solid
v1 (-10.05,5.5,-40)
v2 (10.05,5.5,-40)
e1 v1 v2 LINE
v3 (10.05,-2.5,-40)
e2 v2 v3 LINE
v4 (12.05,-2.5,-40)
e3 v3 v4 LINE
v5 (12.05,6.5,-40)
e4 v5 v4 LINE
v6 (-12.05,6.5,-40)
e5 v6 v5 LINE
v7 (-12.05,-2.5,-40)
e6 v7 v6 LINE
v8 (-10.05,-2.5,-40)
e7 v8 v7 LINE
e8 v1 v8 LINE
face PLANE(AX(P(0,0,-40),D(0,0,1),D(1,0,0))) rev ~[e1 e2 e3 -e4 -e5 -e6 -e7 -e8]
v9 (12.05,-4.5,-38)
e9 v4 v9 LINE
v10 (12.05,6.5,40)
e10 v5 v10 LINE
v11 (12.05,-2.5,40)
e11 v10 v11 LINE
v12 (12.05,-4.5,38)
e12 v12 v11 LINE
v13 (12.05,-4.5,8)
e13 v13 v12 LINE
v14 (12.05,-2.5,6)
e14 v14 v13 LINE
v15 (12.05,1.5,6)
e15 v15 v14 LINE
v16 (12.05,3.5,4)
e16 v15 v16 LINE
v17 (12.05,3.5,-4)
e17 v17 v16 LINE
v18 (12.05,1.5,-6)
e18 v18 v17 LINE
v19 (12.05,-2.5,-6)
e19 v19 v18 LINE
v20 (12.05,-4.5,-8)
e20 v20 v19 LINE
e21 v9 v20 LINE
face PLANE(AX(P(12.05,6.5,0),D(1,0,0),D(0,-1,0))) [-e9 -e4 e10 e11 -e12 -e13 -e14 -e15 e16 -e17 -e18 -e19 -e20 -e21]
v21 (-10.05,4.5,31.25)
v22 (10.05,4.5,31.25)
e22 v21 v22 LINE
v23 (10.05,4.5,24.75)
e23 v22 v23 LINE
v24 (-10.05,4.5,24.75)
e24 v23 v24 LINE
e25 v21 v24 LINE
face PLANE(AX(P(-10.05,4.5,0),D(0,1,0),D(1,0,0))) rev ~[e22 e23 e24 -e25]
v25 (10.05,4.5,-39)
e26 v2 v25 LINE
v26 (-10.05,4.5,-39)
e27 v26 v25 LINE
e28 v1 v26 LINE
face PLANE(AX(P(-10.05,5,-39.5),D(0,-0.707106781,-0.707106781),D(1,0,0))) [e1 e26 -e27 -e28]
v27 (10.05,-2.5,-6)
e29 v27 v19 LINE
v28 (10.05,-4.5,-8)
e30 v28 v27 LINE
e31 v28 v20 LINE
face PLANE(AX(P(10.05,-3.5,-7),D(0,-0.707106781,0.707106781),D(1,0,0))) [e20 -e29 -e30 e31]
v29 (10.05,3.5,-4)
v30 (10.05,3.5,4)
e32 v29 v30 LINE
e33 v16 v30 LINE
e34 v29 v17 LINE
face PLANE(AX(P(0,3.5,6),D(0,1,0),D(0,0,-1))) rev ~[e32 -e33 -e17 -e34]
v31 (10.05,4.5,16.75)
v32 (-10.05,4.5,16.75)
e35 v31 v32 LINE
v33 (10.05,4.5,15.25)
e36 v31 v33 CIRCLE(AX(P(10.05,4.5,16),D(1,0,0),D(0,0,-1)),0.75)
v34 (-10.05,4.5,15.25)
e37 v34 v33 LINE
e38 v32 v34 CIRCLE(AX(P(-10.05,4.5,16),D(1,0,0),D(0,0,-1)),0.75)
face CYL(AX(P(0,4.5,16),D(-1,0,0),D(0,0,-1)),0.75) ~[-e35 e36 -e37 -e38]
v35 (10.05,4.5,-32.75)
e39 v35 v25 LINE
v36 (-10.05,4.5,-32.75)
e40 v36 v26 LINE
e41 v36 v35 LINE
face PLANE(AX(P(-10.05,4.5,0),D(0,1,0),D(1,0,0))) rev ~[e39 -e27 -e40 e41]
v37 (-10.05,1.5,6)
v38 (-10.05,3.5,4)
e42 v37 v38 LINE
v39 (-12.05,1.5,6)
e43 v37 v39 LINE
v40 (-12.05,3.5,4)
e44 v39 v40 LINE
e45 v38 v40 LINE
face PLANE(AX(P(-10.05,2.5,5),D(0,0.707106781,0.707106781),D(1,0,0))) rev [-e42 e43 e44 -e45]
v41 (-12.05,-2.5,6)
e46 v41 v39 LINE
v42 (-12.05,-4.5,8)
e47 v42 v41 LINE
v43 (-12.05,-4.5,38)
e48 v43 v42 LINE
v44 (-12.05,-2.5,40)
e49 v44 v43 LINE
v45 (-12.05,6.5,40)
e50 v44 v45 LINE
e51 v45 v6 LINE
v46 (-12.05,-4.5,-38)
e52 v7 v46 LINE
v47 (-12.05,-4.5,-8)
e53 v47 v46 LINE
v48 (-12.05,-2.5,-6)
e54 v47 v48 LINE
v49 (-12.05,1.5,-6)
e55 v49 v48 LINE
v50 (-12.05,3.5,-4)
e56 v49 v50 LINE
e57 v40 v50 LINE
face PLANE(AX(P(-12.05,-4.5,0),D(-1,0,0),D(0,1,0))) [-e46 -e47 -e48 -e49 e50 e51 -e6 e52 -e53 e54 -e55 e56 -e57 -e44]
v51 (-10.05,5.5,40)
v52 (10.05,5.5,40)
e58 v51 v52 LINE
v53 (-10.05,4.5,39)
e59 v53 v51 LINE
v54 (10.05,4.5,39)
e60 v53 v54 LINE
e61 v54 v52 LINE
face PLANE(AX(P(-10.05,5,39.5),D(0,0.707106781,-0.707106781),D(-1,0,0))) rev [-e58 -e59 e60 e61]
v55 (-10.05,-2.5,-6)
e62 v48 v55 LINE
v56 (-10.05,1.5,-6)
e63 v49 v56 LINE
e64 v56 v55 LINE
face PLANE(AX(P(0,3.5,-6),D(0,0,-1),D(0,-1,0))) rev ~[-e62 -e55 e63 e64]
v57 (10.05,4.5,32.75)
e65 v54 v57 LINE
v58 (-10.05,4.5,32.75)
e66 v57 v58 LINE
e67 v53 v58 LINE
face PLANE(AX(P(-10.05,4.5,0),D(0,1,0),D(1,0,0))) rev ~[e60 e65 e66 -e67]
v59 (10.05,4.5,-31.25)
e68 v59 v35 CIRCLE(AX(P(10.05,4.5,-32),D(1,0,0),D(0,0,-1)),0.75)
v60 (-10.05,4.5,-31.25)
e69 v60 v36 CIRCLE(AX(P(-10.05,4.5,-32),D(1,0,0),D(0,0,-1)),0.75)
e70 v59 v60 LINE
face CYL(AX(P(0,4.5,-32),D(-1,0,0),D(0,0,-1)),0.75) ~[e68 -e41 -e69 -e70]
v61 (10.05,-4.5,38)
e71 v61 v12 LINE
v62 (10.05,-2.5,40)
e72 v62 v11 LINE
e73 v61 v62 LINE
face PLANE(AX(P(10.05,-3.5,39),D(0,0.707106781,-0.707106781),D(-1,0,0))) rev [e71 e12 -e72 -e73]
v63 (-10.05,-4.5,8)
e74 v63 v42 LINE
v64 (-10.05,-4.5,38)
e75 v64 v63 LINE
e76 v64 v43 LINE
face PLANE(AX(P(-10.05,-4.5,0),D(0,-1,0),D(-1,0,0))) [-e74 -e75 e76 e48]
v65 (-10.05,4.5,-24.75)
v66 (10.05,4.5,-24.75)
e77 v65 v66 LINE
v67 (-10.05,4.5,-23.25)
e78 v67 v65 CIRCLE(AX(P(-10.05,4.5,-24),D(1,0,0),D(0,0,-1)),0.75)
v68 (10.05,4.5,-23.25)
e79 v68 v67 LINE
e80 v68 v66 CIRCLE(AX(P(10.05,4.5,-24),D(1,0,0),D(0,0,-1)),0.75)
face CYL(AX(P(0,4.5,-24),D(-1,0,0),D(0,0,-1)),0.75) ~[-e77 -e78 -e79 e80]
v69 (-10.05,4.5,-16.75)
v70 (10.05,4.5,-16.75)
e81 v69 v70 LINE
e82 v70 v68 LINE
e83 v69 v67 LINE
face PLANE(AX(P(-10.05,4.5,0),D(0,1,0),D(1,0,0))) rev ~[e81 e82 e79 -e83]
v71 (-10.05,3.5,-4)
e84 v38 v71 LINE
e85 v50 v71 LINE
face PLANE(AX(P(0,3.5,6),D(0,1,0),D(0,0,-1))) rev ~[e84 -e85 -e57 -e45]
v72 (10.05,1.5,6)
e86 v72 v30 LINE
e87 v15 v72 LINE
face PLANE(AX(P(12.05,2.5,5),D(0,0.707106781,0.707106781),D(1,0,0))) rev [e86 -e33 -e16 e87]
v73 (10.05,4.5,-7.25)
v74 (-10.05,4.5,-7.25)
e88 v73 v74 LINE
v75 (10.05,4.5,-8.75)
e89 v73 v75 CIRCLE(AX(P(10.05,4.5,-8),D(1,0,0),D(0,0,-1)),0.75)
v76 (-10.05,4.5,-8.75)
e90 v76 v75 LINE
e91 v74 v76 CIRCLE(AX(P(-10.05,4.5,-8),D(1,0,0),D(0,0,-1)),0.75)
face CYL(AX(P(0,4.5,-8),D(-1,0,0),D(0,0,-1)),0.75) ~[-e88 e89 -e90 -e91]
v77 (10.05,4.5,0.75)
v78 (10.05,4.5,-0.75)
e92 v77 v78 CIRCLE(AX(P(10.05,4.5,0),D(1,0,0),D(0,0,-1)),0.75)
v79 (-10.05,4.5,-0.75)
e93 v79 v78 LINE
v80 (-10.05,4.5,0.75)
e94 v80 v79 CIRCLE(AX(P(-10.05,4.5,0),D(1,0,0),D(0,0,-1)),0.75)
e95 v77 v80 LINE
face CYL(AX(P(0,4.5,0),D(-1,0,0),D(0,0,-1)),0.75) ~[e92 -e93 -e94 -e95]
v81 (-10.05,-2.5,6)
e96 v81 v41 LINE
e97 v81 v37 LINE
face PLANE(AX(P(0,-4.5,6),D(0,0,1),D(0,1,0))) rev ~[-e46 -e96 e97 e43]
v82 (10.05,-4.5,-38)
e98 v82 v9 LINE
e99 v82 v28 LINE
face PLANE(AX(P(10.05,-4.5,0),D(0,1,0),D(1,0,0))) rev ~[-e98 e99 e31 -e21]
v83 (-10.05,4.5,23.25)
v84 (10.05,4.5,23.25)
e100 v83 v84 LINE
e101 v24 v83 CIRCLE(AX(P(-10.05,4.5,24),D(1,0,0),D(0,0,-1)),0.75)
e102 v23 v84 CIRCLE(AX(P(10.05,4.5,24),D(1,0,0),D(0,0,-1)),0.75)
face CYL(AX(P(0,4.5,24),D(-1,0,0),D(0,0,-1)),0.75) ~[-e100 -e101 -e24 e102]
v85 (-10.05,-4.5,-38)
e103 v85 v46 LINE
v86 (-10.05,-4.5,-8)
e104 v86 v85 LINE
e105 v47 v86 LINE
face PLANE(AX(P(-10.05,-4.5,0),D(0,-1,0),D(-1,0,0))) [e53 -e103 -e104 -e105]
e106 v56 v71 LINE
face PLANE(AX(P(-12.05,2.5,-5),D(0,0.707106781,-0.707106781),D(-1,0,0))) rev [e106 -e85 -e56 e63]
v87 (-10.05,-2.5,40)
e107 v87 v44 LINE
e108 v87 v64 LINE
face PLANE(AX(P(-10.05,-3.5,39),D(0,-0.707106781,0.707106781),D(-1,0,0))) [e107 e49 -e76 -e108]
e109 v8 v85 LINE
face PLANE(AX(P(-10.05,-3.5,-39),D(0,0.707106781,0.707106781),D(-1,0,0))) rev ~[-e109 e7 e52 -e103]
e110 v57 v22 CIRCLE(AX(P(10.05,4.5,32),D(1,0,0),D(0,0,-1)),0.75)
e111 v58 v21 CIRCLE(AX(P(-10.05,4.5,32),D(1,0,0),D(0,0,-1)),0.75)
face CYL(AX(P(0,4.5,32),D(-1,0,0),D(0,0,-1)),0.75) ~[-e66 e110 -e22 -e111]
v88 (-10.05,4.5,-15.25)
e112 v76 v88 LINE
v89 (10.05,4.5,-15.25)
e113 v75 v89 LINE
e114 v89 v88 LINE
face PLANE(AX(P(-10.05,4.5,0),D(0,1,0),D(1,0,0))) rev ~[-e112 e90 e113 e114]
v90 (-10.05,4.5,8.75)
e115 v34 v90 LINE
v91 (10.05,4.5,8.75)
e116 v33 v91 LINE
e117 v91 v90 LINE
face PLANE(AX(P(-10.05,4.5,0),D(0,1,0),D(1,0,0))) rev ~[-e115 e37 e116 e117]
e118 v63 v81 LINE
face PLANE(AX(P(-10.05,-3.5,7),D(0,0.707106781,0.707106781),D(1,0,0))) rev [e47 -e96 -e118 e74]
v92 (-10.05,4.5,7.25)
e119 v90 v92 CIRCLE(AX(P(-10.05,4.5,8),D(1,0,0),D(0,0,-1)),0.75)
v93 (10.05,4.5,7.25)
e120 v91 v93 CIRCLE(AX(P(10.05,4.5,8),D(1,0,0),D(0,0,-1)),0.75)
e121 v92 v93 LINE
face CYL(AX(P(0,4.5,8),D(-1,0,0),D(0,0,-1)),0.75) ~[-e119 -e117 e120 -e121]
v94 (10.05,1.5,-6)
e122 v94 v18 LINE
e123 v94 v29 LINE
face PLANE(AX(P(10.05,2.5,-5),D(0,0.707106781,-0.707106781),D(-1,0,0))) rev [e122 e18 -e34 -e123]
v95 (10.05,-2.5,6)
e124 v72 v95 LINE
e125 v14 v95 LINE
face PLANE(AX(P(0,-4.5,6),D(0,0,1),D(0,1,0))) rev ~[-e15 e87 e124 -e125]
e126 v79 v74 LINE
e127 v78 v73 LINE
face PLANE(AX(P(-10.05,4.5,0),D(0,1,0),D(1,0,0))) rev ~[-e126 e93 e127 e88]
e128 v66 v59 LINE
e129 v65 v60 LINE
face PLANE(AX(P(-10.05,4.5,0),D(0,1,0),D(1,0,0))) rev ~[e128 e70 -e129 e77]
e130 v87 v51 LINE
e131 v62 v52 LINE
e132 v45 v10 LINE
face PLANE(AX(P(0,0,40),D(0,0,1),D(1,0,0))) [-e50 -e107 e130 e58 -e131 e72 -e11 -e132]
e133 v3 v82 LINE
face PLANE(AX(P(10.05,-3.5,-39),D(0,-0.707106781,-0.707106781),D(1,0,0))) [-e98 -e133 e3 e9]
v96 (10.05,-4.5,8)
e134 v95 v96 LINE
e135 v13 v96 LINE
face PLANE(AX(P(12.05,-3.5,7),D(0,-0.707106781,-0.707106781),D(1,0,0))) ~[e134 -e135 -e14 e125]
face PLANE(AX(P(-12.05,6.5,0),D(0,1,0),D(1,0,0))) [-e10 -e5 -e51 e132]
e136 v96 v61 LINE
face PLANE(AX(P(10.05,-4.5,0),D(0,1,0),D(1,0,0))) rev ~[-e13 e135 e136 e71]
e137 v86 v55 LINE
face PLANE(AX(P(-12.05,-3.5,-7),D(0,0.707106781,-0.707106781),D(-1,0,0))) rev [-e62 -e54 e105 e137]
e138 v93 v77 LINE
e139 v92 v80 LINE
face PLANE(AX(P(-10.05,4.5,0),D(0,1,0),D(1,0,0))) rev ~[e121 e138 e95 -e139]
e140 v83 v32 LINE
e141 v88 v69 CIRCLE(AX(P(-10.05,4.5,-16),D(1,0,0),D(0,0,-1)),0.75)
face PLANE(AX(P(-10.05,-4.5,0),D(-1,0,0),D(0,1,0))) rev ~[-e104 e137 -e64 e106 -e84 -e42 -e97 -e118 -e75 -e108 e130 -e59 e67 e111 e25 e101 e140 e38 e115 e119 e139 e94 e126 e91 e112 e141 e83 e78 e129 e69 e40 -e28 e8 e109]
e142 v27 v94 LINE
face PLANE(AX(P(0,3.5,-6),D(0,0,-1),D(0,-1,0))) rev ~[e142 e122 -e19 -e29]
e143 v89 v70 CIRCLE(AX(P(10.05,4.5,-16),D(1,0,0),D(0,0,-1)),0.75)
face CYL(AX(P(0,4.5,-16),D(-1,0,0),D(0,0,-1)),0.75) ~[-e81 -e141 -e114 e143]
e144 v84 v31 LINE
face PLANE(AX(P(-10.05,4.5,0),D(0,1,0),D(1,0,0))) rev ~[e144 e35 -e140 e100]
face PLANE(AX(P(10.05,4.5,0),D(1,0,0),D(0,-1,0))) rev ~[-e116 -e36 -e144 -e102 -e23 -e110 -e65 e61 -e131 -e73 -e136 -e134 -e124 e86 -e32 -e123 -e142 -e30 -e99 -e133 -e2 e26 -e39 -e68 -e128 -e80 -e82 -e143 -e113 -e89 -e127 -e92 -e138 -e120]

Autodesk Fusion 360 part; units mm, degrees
sketch "Sketch1" plane through (0, 0, 0) normal (0, 0, 1) x (1, 0, 0)
  line L0 (10.05, -4.5) -> (-10.05, -4.5)
  line L1 (-10.05, -4.5) -> (-10.05, 4.5)
  line L2 (-10.05, 4.5) -> (10.05, 4.5)
  line L3 (10.05, 4.5) -> (10.05, -4.5)
  line L4 (10.05, -4.5) -> (-10.05, 4.5) construction
  line L5 (-10.05, -4.5) -> (10.05, 4.5) construction
  line L6 (12.05, -6.5) -> (-12.05, -6.5)
  line L7 (-12.05, -6.5) -> (-12.05, 6.5)
  line L8 (-12.05, 6.5) -> (12.05, 6.5)
  line L9 (12.05, 6.5) -> (12.05, -6.5)
  line L10 (-10.05, -4.5) -> (-12.05, -4.5)
  line L11 (10.05, -4.5) -> (12.05, -4.5)
  dimension "d1" = -2
  dimension "d2" = 20.1
  dimension "d3" = 9
extrude "Extrude1" add sketch "Sketch1" along normal mid plane 80 contours L1 L2 L3 L7 L8 L9 L10 L11
sketch "Sketch2" plane through (0, 0, 0) normal (1, 0, 0) x (0, 0, -1)
  line L0 (6, -4.5) -> (-6, -4.5)
  line L1 (-6, -4.5) -> (-6, 3.5)
  line L2 (-6, 3.5) -> (6, 3.5)
  line L3 (6, 3.5) -> (6, -4.5)
  line L4 (6, -4.5) -> (-6, 3.5) construction
  line L5 (-6, -4.5) -> (6, 3.5) construction
  line L6 (40, -4.5) -> (-40, -4.5)
  point P0 (0, -0.5)
  dimension "d6" = 12
  dimension "d7" = 8
extrude "Extrude2" cut sketch "Sketch2" along normal through all and the other way through all
chamfer "Chamfer1" distance 2 angle 45 8 edges at (11.05, -4.5, 6) (11.05, -4.5, -6) (-11.05, -4.5, 6) (-11.05, -4.5, -6) (11.05, -4.5, 40) (-11.05, -4.5, 40) (11.05, -4.5, -40) (-11.05, -4.5, -40)
chamfer "Chamfer2" distance 1 angle 45 2 edges at (0, 4.5, 40) (0, 4.5, -40)
chamfer "Chamfer3" distance 2 angle 45 4 edges at (-11.05, 3.5, 6) (-11.05, 3.5, -6) (11.05, 3.5, 6) (11.05, 3.5, -6)
sketch "Sketch3" plane through (0, 0, 0) normal (1, 0, 0) x (0, 0, -1)
  line L0 (39, 4.5) -> (-39, 4.5)
  line L1 (-39, 4.5) -> (39, 4.5)
  circle A0 centre (0, 4.5) radius 0.75
  circle A1 centre (-32, 4.5) radius 0.75
  circle A2 centre (-24, 4.5) radius 0.75
  circle A3 centre (-16, 4.5) radius 0.75
  circle A4 centre (-8, 4.5) radius 0.75
  circle A5 centre (8, 4.5) radius 0.75
  circle A6 centre (16, 4.5) radius 0.75
  circle A7 centre (24, 4.5) radius 0.75
  circle A8 centre (32, 4.5) radius 0.75
  dimension "d12" = 1.5
  dimension "d15" = 8
  dimension "d16" = 0
extrude "Extrude3" add sketch "Sketch3" along normal up to surface (10.05 mm away) and the other way up to surface (10.05 mm away) contours L0 L1 A8 | L0 L1 A1 | L0 L1 A2 | L0 L1 A3 | L0 L1 A4 | L0 L1 A0 | L0 L1 A5 | L0 L1 A6 | L0 L1 A7 picked at (32.0159, 4.2134) picked at (-32.1559, 4.23) picked at (-24.1944, 4.2563) picked at (-16.1861, 4.2927) picked at (-7.7844, 4.1154) picked at (0.2698, 4.0143) picked at (8.2472, 4.2458) picked at (15.875, 4.0018) picked at (23.8056, 4.2563)
